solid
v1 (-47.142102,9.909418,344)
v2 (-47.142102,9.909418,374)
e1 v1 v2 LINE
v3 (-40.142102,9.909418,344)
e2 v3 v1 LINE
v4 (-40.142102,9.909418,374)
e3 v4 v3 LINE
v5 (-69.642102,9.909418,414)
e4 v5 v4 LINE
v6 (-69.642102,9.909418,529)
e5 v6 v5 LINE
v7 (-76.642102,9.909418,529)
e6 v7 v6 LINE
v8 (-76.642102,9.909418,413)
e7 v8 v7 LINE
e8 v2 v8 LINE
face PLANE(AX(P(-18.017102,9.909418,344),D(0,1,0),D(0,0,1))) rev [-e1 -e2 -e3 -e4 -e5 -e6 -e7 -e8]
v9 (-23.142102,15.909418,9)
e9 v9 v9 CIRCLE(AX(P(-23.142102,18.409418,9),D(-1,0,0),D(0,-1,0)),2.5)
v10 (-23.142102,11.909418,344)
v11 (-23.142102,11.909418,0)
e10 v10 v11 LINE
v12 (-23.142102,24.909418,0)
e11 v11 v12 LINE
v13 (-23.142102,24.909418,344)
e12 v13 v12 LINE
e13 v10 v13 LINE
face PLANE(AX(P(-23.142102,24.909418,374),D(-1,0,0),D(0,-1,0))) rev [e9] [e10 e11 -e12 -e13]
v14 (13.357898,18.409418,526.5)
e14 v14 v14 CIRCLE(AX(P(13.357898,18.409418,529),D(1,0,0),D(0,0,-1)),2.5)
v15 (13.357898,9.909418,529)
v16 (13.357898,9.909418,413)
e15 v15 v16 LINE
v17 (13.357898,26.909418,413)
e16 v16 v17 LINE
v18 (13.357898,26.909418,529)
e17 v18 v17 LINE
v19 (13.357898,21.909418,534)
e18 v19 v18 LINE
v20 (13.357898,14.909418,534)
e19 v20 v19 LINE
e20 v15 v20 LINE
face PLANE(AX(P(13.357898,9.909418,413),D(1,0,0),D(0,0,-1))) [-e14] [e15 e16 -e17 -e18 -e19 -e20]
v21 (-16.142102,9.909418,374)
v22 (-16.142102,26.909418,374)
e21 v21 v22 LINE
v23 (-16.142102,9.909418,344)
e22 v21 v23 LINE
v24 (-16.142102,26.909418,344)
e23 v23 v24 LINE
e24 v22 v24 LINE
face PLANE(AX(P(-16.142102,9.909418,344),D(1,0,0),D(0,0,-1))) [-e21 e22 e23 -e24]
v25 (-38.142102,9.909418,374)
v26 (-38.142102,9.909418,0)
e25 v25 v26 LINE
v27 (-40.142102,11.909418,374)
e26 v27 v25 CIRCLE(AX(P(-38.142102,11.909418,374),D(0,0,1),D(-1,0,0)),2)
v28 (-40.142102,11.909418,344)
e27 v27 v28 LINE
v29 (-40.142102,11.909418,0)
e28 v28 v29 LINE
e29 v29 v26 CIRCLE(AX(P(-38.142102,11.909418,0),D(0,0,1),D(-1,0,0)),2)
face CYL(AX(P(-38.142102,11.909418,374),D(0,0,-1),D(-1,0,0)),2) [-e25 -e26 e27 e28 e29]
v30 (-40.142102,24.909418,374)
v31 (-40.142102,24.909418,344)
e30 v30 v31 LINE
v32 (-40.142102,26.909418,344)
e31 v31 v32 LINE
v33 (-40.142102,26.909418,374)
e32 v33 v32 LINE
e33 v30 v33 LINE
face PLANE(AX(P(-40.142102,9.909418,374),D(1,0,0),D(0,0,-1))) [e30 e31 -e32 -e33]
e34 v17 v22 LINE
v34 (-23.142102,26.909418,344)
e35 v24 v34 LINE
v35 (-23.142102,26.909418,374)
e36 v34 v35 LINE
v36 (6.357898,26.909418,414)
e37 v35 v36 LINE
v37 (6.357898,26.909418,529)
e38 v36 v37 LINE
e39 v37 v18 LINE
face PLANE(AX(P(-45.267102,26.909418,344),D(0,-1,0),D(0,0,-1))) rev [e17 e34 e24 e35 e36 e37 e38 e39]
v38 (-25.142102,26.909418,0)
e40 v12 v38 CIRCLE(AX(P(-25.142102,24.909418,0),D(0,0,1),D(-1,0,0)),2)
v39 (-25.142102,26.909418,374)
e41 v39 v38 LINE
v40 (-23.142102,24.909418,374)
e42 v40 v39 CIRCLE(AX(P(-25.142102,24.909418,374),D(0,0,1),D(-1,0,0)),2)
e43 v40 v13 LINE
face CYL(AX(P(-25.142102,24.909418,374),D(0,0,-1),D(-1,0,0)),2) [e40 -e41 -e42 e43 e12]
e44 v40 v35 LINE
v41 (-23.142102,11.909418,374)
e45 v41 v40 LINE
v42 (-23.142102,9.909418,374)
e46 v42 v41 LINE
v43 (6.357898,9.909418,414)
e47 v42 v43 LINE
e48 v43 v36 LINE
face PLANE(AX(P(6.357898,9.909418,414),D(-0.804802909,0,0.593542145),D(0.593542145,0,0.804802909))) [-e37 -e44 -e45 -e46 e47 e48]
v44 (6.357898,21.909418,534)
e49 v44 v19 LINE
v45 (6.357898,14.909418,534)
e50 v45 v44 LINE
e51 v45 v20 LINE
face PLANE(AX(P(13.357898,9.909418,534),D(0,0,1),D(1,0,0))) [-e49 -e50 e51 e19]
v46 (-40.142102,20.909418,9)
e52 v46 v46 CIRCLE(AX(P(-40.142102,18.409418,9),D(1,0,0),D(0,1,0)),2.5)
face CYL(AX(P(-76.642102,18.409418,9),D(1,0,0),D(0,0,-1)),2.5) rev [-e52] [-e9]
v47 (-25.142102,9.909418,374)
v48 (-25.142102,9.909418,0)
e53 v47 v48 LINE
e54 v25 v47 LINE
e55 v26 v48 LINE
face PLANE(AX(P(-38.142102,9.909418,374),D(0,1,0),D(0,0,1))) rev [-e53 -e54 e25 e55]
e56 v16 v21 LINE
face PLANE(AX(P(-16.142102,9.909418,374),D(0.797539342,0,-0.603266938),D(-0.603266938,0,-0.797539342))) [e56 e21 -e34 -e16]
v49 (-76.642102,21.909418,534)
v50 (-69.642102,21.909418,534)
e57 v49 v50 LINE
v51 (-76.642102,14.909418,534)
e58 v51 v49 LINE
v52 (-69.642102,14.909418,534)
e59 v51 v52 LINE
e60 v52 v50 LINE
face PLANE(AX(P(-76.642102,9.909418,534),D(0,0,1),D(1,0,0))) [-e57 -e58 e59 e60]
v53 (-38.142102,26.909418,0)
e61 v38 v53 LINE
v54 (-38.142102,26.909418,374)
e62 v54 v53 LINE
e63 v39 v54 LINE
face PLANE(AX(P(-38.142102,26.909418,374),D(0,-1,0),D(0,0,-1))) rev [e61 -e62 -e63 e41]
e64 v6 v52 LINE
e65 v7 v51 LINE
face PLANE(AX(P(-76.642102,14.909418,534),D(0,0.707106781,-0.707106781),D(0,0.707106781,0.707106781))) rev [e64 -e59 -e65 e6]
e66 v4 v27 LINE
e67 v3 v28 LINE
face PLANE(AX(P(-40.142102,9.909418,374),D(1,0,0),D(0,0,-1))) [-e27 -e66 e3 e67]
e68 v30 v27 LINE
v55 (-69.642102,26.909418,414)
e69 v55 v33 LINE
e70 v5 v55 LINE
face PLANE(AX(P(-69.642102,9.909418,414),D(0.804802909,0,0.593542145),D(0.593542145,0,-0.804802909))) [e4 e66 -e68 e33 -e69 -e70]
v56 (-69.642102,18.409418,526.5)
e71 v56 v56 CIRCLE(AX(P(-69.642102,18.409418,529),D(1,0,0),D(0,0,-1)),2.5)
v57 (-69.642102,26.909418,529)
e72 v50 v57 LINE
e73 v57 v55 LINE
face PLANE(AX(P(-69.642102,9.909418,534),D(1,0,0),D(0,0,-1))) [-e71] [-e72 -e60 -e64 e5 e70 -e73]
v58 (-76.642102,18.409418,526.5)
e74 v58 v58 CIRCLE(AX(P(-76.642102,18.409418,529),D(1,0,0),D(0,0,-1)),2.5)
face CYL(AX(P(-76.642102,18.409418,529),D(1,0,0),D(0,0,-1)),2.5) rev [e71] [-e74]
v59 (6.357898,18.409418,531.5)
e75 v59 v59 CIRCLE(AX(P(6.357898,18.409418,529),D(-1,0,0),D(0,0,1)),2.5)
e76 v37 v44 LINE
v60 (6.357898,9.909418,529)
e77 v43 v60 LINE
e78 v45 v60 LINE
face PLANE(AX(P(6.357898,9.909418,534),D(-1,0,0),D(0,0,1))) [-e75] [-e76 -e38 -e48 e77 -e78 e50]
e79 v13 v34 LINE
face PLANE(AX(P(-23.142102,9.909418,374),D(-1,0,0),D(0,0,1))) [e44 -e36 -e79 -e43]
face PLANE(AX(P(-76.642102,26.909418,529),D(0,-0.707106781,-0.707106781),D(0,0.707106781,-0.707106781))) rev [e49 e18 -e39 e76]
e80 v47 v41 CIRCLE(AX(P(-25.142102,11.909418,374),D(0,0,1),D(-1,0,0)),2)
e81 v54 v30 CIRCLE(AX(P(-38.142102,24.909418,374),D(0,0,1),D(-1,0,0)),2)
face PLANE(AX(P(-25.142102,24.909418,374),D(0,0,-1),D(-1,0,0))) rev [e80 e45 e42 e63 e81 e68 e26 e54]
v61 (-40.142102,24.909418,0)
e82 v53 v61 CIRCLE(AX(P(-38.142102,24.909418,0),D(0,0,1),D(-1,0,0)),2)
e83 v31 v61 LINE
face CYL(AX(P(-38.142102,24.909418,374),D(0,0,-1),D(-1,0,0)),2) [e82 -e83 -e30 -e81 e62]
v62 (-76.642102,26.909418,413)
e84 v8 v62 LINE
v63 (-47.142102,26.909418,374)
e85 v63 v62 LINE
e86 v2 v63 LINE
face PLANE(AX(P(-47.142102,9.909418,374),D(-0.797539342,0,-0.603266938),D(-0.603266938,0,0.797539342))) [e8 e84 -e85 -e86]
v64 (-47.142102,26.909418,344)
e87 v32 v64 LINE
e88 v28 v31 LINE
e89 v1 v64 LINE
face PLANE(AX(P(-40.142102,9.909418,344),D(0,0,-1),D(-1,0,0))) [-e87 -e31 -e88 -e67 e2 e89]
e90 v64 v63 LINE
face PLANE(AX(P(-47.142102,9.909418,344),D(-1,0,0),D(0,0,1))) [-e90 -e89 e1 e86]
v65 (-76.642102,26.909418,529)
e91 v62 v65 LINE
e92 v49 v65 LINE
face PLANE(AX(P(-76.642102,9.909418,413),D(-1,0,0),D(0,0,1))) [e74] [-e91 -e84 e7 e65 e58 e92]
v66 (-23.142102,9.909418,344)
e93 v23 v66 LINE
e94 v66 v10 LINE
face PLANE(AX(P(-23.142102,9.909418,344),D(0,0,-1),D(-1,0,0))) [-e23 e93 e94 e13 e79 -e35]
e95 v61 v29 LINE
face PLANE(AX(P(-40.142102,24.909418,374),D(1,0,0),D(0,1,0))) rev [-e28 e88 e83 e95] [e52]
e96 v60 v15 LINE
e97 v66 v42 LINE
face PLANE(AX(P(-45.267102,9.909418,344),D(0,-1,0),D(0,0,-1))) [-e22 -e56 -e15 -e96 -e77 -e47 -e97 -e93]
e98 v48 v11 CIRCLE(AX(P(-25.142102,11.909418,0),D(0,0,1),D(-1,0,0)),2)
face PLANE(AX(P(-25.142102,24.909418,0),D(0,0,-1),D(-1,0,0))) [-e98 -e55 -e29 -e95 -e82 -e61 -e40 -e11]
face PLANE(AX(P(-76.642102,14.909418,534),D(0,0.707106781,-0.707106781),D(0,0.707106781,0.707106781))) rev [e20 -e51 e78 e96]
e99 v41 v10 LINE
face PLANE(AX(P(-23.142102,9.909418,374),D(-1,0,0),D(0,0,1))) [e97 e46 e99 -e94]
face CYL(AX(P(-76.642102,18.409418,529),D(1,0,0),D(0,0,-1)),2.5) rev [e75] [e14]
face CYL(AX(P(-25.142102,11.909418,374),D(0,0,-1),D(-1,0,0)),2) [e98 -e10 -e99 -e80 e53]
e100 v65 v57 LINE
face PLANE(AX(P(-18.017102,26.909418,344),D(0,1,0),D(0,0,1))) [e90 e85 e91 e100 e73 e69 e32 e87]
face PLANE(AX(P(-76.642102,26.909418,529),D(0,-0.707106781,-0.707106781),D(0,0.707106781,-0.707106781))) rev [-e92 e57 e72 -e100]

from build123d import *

# Parameters (mm, degrees)
EXTRUDE1_DEPTH = 374
EXTRUDE2_DEPTH = 17
SKETCH4_R      = 2.5
EXTRUDE3_DEPTH = 91


with BuildPart() as part:
    # Sketch1 → Extrude1 (new body)
    with BuildSketch(Plane.XY):
        with BuildLine():
            Line((-38.142101627, 26.909417684), (-25.142101627, 26.909417684))
            ThreePointArc((-25.142101627, 26.909417684), (-23.727888065, 26.323631246), (-23.142101627, 24.909417684))
            Line((-23.142101627, 24.909417684), (-23.142101627, 11.909417684))
            ThreePointArc((-23.142101627, 11.909417684), (-23.727888065, 10.495204122), (-25.142101627, 9.909417684))
            Line((-25.142101627, 9.909417684), (-38.142101627, 9.909417684))
            ThreePointArc((-38.142101627, 9.909417684), (-39.55631519, 10.495204122), (-40.142101627, 11.909417684))
            Line((-40.142101627, 11.909417684), (-40.142101627, 24.909417684))
            ThreePointArc((-40.142101627, 24.909417684), (-39.55631519, 26.323631246), (-38.142101627, 26.909417684))
        make_face()
    extrude(amount=EXTRUDE1_DEPTH)

    # Sketch2 → Extrude2 (add)
    with BuildSketch(Plane(origin=(0, 26.909417684, 0), x_dir=(1, 0, 0), z_dir=(0, 1, 0))):
        Polygon((-23.142101627, -374), (-23.142101627, -344), (-16.142101627, -344), (-16.142101627, -374), (13.357898373, -413), (13.357898373, -534), (6.357898373, -534), (6.357898373, -414), align=None)
        Polygon((-40.142101627, -374), (-40.142101627, -344), (-47.142101627, -344), (-47.142101627, -374), (-76.642101627, -413), (-76.642101627, -534), (-69.642101627, -534), (-69.642101627, -414), align=None)
    extrude(amount=-EXTRUDE2_DEPTH)

    # Sketch4 → Extrude3 (cut, through all)
    with BuildSketch(Plane(origin=(13.357898373, 0, 0), x_dir=(0, 0, -1), z_dir=(1, 0, 0))):
        with Locations((-529, 18.409417684)):
            Circle(SKETCH4_R)
        with Locations((-9, 18.409417684)):
            Circle(SKETCH4_R)
        Polygon((-529, 26.909417684), (-534, 21.909417684), (-534, 14.909417684), (-529, 9.909417684), (-529, 0), (-556.33894416, 6.720406123), (-552.141138814, 40.050556498), (-531.5, 37.450883772), align=None)
    extrude(amount=-EXTRUDE3_DEPTH, mode=Mode.SUBTRACT)


solid = part.part
